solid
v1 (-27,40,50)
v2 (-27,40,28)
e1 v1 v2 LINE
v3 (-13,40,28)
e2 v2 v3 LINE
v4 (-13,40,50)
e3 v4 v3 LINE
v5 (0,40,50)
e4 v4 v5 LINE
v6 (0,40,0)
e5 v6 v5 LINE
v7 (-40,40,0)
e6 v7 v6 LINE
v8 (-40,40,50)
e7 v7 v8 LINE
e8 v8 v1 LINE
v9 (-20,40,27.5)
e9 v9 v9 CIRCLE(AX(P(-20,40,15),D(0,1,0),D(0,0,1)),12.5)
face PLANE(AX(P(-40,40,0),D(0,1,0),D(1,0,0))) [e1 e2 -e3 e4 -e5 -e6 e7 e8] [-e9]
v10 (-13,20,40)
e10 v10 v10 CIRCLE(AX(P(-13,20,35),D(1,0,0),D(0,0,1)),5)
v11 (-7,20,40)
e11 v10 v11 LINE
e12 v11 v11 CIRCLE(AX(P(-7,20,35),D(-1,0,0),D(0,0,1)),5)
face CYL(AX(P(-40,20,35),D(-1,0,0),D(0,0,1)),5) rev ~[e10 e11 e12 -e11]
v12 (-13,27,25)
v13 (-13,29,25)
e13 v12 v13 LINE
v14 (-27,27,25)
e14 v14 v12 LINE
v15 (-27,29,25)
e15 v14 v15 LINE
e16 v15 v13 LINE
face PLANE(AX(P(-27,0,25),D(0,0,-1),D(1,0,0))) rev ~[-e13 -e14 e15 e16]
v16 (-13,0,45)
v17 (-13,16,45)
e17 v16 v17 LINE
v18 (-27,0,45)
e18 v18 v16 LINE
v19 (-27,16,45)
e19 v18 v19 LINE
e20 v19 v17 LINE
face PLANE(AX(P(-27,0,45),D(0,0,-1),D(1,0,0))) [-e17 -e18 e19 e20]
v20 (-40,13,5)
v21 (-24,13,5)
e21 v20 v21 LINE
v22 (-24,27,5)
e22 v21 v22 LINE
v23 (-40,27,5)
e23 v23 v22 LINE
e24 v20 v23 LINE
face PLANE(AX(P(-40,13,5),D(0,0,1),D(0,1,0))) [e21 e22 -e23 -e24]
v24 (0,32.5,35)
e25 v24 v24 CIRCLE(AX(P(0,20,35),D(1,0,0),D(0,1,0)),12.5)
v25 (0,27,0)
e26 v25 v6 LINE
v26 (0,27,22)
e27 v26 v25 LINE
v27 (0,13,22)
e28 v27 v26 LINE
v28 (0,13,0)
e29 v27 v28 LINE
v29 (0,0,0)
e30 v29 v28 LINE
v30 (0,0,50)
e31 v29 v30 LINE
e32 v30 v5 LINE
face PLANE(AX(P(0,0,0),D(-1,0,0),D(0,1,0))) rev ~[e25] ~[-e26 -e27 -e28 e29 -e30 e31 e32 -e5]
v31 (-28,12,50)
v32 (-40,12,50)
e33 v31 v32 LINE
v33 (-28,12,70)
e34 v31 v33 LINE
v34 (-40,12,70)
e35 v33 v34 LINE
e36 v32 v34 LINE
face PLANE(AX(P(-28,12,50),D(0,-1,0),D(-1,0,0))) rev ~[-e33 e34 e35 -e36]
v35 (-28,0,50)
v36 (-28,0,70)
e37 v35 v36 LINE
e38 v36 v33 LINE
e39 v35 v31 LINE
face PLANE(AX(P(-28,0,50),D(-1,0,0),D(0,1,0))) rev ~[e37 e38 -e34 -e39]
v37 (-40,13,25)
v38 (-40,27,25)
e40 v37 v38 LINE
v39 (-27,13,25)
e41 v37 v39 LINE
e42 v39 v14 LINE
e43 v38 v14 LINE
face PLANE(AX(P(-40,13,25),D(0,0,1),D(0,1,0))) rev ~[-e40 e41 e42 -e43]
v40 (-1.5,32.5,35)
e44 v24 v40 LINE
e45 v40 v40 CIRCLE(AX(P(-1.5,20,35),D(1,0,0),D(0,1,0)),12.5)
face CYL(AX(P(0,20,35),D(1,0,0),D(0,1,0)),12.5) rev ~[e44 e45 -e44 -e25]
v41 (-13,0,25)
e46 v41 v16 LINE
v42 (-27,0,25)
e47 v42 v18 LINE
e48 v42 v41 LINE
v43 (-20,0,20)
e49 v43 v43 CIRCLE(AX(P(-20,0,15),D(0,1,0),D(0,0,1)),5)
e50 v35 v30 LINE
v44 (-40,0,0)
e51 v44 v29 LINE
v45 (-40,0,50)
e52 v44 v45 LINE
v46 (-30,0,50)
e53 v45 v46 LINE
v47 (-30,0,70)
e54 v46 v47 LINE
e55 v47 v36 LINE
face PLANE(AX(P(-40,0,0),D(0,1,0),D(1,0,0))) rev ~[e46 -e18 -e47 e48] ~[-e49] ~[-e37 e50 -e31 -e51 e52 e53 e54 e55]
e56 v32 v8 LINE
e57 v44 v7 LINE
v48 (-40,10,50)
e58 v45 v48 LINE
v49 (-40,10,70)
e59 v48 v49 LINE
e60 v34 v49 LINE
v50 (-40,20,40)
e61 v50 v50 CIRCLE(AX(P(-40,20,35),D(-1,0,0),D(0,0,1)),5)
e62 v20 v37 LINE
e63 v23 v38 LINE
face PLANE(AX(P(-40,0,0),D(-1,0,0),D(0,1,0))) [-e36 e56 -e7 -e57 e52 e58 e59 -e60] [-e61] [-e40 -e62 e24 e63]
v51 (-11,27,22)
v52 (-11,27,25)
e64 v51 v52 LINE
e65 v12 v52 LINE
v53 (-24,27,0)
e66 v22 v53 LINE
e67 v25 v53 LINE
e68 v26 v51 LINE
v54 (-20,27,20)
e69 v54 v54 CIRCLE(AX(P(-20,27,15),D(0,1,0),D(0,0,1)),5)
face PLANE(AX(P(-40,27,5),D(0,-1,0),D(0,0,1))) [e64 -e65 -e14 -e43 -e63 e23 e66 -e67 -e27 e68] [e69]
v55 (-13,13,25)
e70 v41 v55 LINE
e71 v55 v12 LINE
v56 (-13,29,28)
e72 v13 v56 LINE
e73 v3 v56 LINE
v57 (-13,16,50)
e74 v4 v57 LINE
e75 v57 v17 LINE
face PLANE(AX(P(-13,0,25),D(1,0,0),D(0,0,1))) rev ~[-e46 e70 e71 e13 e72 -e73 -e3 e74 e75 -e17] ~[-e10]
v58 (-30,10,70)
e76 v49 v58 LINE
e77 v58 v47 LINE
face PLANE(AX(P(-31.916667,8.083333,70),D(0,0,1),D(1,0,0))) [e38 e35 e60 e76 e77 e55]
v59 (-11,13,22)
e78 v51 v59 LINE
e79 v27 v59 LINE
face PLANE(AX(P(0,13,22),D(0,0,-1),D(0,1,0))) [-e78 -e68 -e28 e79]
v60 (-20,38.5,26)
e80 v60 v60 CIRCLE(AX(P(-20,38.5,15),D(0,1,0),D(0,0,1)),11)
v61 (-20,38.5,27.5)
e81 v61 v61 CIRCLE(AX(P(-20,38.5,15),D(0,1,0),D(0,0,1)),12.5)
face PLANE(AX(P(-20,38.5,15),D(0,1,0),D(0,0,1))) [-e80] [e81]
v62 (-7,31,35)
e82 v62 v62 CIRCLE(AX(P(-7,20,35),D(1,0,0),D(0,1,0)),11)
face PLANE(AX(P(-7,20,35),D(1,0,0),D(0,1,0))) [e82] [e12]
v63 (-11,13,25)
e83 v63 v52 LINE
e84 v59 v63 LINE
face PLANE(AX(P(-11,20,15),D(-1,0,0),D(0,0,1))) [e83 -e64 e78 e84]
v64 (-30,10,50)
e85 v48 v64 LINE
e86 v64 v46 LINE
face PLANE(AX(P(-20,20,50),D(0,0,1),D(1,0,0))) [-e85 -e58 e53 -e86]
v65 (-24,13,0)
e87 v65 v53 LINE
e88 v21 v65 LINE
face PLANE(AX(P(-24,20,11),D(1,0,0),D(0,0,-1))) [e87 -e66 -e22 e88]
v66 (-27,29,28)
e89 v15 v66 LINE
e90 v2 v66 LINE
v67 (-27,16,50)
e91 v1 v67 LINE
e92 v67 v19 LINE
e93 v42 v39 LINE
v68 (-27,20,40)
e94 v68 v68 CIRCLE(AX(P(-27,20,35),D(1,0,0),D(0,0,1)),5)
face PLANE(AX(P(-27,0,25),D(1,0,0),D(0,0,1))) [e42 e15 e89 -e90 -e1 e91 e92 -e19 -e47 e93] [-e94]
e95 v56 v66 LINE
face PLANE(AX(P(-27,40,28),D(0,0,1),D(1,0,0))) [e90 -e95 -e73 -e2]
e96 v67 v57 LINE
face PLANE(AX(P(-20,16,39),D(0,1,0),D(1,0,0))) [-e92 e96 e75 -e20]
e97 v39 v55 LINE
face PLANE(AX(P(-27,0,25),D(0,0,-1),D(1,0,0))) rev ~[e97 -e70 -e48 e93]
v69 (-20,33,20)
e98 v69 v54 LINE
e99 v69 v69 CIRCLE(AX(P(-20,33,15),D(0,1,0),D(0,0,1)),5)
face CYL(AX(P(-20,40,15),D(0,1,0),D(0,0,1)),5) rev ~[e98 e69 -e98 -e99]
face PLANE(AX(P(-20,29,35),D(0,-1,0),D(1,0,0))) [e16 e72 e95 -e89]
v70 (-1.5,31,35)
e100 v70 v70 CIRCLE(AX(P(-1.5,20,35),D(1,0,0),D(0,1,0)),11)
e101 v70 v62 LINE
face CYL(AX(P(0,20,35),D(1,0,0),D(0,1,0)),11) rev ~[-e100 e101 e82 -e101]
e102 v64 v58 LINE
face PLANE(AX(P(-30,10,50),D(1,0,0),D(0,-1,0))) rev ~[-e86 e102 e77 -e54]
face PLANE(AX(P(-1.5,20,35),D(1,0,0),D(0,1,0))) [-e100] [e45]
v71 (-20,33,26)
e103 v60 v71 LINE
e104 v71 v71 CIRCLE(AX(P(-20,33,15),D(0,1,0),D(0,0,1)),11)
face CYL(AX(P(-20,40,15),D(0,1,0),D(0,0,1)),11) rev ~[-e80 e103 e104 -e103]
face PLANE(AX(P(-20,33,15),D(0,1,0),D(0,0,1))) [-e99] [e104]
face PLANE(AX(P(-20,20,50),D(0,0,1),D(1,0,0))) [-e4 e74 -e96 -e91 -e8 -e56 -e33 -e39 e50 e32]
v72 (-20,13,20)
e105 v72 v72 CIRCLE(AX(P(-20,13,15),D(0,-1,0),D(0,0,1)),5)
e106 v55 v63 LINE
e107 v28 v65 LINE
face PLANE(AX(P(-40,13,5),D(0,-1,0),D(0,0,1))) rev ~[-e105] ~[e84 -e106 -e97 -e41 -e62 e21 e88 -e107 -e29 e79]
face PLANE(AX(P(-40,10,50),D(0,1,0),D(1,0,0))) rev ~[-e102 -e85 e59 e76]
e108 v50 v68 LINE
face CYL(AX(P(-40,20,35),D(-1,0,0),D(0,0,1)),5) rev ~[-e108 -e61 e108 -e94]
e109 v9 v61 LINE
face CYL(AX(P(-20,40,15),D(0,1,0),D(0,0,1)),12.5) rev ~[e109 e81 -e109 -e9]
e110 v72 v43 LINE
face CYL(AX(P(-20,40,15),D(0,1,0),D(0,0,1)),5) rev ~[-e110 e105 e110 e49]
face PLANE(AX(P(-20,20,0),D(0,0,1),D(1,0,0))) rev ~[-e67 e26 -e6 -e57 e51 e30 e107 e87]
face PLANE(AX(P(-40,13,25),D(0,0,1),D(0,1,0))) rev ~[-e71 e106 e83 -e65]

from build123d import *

# Parameters (mm, degrees)
ESQUISSE1_W              = 40
ESQUISSE1_H              = 40
BOSS_EXTRU_1_DEPTH       = 50
ESQUISSE2_R              = 5
ENL_V_MAT_EXTRU_1_DEPTH  = 41
ESQUISSE3_R              = 5
ENL_V_MAT_EXTRU_2_DEPTH  = 41
ESQUISSE4_W              = 20
ESQUISSE4_H              = 14
ENL_V_MAT_EXTRU_3_DEPTH  = 29
ESQUISSE5_W              = 14
ESQUISSE5_H              = 20
ENL_V_MAT_EXTRU_4_DEPTH  = 29
ESQUISSE6_W              = 22
ESQUISSE6_H              = 14
ENL_V_MAT_EXTRU_5_DEPTH  = 24
ESQUISSE7_W              = 14
ESQUISSE7_H              = 22
ENL_V_MAT_EXTRU_6_DEPTH  = 24
ESQUISSE8_R              = 11
ENL_V_MAT_EXTRU_7_DEPTH  = 7
ESQUISSE9_R              = 12.5
ENL_V_MAT_EXTRU_8_DEPTH  = 1.5
ESQUISSE10_R             = 11
ENL_V_MAT_EXTRU_9_DEPTH  = 7
ESQUISSE11_R             = 12.5
ENL_V_MAT_EXTRU_10_DEPTH = 1.5
BOSS_EXTRU_2_DEPTH       = 20


with BuildPart() as part:
    # Esquisse1 → Boss.-Extru.1 (new body)
    with BuildSketch(Plane.XY):
        with Locations((-20, 20)):
            Rectangle(ESQUISSE1_W, ESQUISSE1_H)
    extrude(amount=BOSS_EXTRU_1_DEPTH)

    # Esquisse2 → Enlèv. mat.-Extru.1 (cut, through all)
    with BuildSketch(Plane(origin=(0, 40, 0), x_dir=(1, 0, 0), z_dir=(0, 1, 0))):
        with Locations(Location((-20, -15, 0), (0, 0, 270))):  # turned: the seam where the file's is
            Circle(ESQUISSE2_R)
    extrude(amount=-ENL_V_MAT_EXTRU_1_DEPTH, mode=Mode.SUBTRACT)

    # Esquisse3 → Enlèv. mat.-Extru.2 (cut, through all)
    with BuildSketch(Plane.ZY.offset(40)):
        with Locations((35, 20)):
            Circle(ESQUISSE3_R)
    extrude(amount=-ENL_V_MAT_EXTRU_2_DEPTH, mode=Mode.SUBTRACT)

    # Esquisse4 → Enlèv. mat.-Extru.3 (cut)
    with BuildSketch(Plane.ZY.offset(40)):
        with Locations((15, 20)):
            Rectangle(ESQUISSE4_W, ESQUISSE4_H)
    extrude(amount=-ENL_V_MAT_EXTRU_3_DEPTH, mode=Mode.SUBTRACT)

    # Esquisse5 → Enlèv. mat.-Extru.4 (cut)
    with BuildSketch(Plane.XZ):
        with Locations((-20, 35)):
            Rectangle(ESQUISSE5_W, ESQUISSE5_H)
    extrude(amount=-ENL_V_MAT_EXTRU_4_DEPTH, mode=Mode.SUBTRACT)

    # Esquisse6 → Enlèv. mat.-Extru.5 (cut)
    with BuildSketch(Plane(origin=(0, 0, 0), x_dir=(0, 0, -1), z_dir=(1, 0, 0))):
        with Locations((-11, 20)):
            Rectangle(ESQUISSE6_W, ESQUISSE6_H)
    extrude(amount=-ENL_V_MAT_EXTRU_5_DEPTH, mode=Mode.SUBTRACT)

    # Esquisse7 → Enlèv. mat.-Extru.6 (cut)
    with BuildSketch(Plane(origin=(0, 40, 0), x_dir=(1, 0, 0), z_dir=(0, 1, 0))):
        with Locations((-20, -39)):
            Rectangle(ESQUISSE7_W, ESQUISSE7_H)
    extrude(amount=-ENL_V_MAT_EXTRU_6_DEPTH, mode=Mode.SUBTRACT)

    # Esquisse8 → Enlèv. mat.-Extru.7 (cut)
    with BuildSketch(Plane(origin=(0, 0, 0), x_dir=(0, 0, -1), z_dir=(1, 0, 0))):
        with Locations(Location((-35, 20, 0), (0, 0, 90))):  # turned: the seam where the file's is
            Circle(ESQUISSE8_R)
    extrude(amount=-ENL_V_MAT_EXTRU_7_DEPTH, mode=Mode.SUBTRACT)

    # Esquisse9 → Enlèv. mat.-Extru.8 (cut)
    with BuildSketch(Plane(origin=(0, 0, 0), x_dir=(0, 0, -1), z_dir=(1, 0, 0))):
        with Locations(Location((-35, 20, 0), (0, 0, 90))):  # turned: the seam where the file's is
            Circle(ESQUISSE9_R)
    extrude(amount=-ENL_V_MAT_EXTRU_8_DEPTH, mode=Mode.SUBTRACT)

    # Esquisse10 → Enlèv. mat.-Extru.9 (cut)
    with BuildSketch(Plane(origin=(0, 40, 0), x_dir=(1, 0, 0), z_dir=(0, 1, 0))):
        with Locations(Location((-20, -15, 0), (0, 0, 270))):  # turned: the seam where the file's is
            Circle(ESQUISSE10_R)
    extrude(amount=-ENL_V_MAT_EXTRU_9_DEPTH, mode=Mode.SUBTRACT)

    # Esquisse11 → Enlèv. mat.-Extru.10 (cut)
    with BuildSketch(Plane(origin=(0, 40, 0), x_dir=(1, 0, 0), z_dir=(0, 1, 0))):
        with Locations(Location((-20, -15, 0), (0, 0, 270))):  # turned: the seam where the file's is
            Circle(ESQUISSE11_R)
    extrude(amount=-ENL_V_MAT_EXTRU_10_DEPTH, mode=Mode.SUBTRACT)

    # Esquisse13 → Boss.-Extru.2 (add)
    with BuildSketch(Plane.XY.offset(50)):
        Polygon((-40, 10), (-30, 10), (-30, 0), (-28, 0), (-28, 12), (-40, 12), align=None)
    extrude(amount=BOSS_EXTRU_2_DEPTH)


solid = part.part
